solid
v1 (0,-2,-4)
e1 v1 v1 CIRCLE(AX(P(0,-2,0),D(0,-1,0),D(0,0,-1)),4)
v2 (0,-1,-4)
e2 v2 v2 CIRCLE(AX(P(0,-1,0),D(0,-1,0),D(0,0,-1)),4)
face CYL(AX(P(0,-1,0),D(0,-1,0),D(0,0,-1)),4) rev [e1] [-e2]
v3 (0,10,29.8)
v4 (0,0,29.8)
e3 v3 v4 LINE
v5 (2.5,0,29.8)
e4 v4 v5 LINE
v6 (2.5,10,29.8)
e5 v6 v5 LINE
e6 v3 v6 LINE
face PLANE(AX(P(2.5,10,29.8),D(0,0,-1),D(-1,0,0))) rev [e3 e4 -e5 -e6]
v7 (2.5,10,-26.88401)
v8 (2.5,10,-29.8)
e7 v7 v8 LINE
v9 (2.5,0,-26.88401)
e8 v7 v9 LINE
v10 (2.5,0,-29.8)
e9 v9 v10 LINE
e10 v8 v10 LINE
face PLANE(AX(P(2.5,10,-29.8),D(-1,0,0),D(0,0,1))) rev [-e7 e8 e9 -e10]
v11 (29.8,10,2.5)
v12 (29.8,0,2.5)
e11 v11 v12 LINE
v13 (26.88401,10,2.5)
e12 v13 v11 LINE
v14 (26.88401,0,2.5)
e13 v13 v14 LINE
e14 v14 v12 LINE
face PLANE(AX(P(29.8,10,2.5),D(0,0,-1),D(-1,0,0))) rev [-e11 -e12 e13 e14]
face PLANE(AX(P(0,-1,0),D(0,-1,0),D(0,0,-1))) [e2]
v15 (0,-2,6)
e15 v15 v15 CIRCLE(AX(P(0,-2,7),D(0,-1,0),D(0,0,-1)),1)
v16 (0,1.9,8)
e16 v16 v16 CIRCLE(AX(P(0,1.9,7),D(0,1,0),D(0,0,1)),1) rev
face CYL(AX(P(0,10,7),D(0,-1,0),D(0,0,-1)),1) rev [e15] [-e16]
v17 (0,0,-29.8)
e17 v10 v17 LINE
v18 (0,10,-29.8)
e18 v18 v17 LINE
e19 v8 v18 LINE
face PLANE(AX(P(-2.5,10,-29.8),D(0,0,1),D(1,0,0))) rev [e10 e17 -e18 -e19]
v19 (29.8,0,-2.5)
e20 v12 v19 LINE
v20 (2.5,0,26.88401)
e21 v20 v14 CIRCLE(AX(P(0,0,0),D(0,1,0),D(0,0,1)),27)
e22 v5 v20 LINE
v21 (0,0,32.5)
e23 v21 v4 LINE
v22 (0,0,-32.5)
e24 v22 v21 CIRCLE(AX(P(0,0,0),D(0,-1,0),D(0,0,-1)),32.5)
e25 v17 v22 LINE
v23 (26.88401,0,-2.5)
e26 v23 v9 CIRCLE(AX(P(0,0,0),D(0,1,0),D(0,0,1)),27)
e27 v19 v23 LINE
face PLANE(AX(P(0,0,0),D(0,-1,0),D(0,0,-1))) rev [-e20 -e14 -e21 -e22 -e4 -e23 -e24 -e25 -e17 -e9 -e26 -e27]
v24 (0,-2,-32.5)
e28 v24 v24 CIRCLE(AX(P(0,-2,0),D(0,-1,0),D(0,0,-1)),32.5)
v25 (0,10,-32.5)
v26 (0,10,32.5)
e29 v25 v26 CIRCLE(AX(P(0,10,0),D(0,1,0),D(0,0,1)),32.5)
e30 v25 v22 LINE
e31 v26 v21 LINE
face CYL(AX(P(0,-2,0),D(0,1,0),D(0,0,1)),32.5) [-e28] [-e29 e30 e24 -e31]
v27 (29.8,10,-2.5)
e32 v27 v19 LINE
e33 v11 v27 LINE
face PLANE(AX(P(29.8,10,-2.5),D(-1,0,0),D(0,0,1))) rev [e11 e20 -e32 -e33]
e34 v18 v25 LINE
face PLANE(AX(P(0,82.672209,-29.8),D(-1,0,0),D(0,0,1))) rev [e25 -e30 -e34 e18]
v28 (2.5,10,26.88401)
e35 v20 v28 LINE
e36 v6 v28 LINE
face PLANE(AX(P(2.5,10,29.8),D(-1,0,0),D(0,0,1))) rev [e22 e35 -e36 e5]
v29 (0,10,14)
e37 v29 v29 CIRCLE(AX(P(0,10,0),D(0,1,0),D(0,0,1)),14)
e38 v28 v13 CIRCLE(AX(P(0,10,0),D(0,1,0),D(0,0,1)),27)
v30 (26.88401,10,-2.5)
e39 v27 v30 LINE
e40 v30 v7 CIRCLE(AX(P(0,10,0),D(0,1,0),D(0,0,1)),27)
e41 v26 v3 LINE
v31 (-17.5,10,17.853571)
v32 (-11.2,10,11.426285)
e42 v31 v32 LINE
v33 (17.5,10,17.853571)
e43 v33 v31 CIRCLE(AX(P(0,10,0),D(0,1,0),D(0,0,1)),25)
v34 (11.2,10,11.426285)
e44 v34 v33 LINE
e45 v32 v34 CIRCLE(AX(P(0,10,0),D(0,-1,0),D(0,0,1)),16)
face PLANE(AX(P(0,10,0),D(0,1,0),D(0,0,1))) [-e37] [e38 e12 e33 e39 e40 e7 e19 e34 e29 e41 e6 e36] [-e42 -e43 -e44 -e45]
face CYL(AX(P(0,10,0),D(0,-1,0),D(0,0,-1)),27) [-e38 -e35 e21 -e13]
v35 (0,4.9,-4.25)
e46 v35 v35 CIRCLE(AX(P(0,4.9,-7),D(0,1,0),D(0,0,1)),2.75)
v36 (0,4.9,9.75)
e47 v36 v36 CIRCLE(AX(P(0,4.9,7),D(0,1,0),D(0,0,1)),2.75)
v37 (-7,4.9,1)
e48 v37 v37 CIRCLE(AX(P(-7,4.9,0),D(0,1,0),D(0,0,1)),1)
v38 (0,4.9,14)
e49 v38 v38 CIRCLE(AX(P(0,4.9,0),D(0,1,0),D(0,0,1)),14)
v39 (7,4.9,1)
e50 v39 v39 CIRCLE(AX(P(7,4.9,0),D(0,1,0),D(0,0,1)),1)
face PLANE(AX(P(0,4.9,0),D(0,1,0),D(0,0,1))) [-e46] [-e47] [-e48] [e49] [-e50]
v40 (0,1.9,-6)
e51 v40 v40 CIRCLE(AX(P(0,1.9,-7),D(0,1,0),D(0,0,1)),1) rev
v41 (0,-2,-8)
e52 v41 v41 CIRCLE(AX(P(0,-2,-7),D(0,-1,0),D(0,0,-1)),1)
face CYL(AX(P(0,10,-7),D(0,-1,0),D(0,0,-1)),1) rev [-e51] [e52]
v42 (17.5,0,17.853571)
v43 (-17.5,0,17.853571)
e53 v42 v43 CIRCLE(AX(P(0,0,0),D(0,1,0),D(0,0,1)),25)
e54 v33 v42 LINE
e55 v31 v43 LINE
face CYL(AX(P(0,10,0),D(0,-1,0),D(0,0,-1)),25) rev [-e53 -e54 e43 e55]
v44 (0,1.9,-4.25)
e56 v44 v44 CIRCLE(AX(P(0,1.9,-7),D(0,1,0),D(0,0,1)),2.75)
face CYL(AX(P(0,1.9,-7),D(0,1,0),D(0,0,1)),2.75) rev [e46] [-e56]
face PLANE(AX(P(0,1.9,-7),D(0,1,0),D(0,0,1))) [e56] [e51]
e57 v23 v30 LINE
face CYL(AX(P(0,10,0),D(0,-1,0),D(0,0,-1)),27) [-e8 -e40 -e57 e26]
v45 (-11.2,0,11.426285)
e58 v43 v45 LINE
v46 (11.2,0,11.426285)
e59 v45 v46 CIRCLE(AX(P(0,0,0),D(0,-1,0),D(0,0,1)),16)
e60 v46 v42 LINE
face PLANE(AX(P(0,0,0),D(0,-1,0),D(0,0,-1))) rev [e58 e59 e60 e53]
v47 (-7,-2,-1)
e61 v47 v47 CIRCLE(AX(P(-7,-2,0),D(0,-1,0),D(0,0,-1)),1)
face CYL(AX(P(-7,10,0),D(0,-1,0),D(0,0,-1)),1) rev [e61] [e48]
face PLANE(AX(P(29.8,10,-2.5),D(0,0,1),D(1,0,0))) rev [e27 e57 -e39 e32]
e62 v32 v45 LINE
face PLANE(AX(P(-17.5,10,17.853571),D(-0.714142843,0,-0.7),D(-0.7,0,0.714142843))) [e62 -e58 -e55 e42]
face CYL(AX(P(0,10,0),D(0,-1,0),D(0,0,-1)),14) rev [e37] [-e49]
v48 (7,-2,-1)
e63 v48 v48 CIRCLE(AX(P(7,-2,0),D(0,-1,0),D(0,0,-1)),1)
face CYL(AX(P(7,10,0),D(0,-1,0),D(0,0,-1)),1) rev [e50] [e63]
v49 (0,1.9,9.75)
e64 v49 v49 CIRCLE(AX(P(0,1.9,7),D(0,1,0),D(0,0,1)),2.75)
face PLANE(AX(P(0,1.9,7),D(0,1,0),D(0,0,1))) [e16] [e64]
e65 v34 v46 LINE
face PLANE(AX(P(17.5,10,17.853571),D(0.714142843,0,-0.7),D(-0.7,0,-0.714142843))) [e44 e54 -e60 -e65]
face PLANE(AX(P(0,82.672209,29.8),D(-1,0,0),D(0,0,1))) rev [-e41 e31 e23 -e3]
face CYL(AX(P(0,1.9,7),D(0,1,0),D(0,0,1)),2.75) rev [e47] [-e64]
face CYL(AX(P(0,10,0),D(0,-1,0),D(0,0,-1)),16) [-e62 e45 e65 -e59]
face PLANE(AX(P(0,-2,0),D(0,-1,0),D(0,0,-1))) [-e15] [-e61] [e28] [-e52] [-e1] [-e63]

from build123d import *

# Parameters (mm, degrees)
SKETCH1_R               = 27
SKETCH1_R_2             = 14
BOSS_EXTRUDE1_DEPTH     = 10
SKETCH2_R               = 32.5
BOSS_EXTRUDE2_DEPTH     = 2
SKETCH3_W               = 5
SKETCH3_H               = 4.39677325
SKETCH3_W_2             = 4.39677325
SKETCH3_H_2             = 5
BOSS_EXTRUDE3_DEPTH     = 10
BOSS_EXTRUDE4_DEPTH     = 10
BOSS_EXTRUDE5_START     = -4.9
SKETCH6_R               = 14
BOSS_EXTRUDE5_DEPTH     = 4.9
CUT_EXTRUDE1_DEPTH      = 48.502631506
CUT_EXTRUDE1_DEPTH_BACK = 48.502631506
SKETCH4_R               = 1
SKETCH10_R              = 2.75
CUT_EXTRUDE4_DEPTH      = 3
SKETCH11_R              = 4
CUT_EXTRUDE5_DEPTH      = 1


with BuildPart() as part:
    # Sketch1 → Boss-Extrude1 (new body)
    with BuildSketch(Plane(origin=(0, 0, 0), x_dir=(1, 0, 0), z_dir=(0, 1, 0))):
        with Locations(Location((0, 0, 0), (0, 0, 270))):
            Circle(SKETCH1_R)
        with Locations(Location((0, 0, 0), (0, 0, 270))):
            Circle(SKETCH1_R_2, mode=Mode.SUBTRACT)
        with BuildLine():
            Line((-17.5, -17.853571071), (-11.2, -11.426285486))
            ThreePointArc((-11.2, -11.426285486), (0, 16), (11.2, -11.426285486))
            Line((11.2, -11.426285486), (17.5, -17.853571071))
            ThreePointArc((17.5, -17.853571071), (0, 25), (-17.5, -17.853571071))
        make_face(mode=Mode.SUBTRACT)
    extrude(amount=BOSS_EXTRUDE1_DEPTH)

    # Sketch2 → Boss-Extrude2 (add)
    with BuildSketch(Plane.XZ):
        with Locations(Location((0, 0, 0), (0, 0, 270))):
            Circle(SKETCH2_R)
    extrude(amount=BOSS_EXTRUDE2_DEPTH)

    # Sketch3 → Boss-Extrude3 (add)
    with BuildSketch(Plane(origin=(0, 0, 0), x_dir=(1, 0, 0), z_dir=(0, 1, 0))):
        with Locations((0, 27.601613375)):
            Rectangle(SKETCH3_W, SKETCH3_H)
        with Locations((27.601613375, 0)):
            Rectangle(SKETCH3_W_2, SKETCH3_H_2)
        with Locations((0, -27.601613375)):
            Rectangle(SKETCH3_W, SKETCH3_H)
        with Locations((-27.601613375, 0)):
            Rectangle(SKETCH3_W_2, SKETCH3_H_2)
    extrude(amount=BOSS_EXTRUDE3_DEPTH)

    # Sketch5 → Boss-Extrude4 (add)
    with BuildSketch(Plane(origin=(0, 0, 0), x_dir=(1, 0, 0), z_dir=(0, 1, 0))):
        with BuildLine():
            Line((0, 29.8), (0, 32.5))
            ThreePointArc((0, 32.5), (-32.5, 0), (0, -32.5))
            Line((0, -32.5), (0, -29.8))
            Line((0, -29.8), (-2.5, -29.8))
            Line((-2.5, -29.8), (-2.5, -26.884010118))
            ThreePointArc((-2.5, -26.884010118), (-19.091883092, -19.091883092), (-26.884010118, -2.5))
            Line((-26.884010118, -2.5), (-29.8, -2.5))
            Line((-29.8, -2.5), (-29.8, 2.5))
            Line((-29.8, 2.5), (-26.884010118, 2.5))
            ThreePointArc((-26.884010118, 2.5), (-19.091883092, 19.091883092), (-2.5, 26.884010118))
            Line((-2.5, 26.884010118), (-2.5, 29.8))
            Line((-2.5, 29.8), (0, 29.8))
        make_face()
    extrude(amount=BOSS_EXTRUDE4_DEPTH)

    # Sketch6 → Boss-Extrude5 (add)
    with BuildSketch(Plane(origin=(0, 4.9, 0), x_dir=(1, 0, 0), z_dir=(0, 1, 0)).offset(BOSS_EXTRUDE5_START)):
        with Locations(Location((0, 0, 0), (0, 0, 270))):
            Circle(SKETCH6_R)
    extrude(amount=BOSS_EXTRUDE5_DEPTH)

    # Sketch4 → Cut-Extrude1 (cut, two sides: drawn at the far end of the back side and taken through both)
    with BuildSketch(Plane.XZ.offset(2).offset(-CUT_EXTRUDE1_DEPTH_BACK)):
        with Locations(Location((0, -7, 0), (0, 0, 270))):
            Circle(SKETCH4_R)
        with Locations(Location((-7, 0, 0), (0, 0, 270))):
            Circle(SKETCH4_R)
        with Locations(Location((0, 7, 0), (0, 0, 270))):
            Circle(SKETCH4_R)
        with Locations(Location((7, 0, 0), (0, 0, 270))):
            Circle(SKETCH4_R)
    extrude(amount=CUT_EXTRUDE1_DEPTH + CUT_EXTRUDE1_DEPTH_BACK, mode=Mode.SUBTRACT)

    # Sketch10 → Cut-Extrude4 (cut)
    with BuildSketch(Plane(origin=(0, 4.9, 0), x_dir=(1, 0, 0), z_dir=(0, 1, 0))):
        with Locations(Location((0, 7, 0), (0, 0, 270))):
            Circle(SKETCH10_R)
        with Locations(Location((0, -7, 0), (0, 0, 270))):
            Circle(SKETCH10_R)
    extrude(amount=-CUT_EXTRUDE4_DEPTH, mode=Mode.SUBTRACT)

    # Sketch11 → Cut-Extrude5 (cut)
    with BuildSketch(Plane.XZ.offset(2)):
        with Locations(Location((0, 0, 0), (0, 0, 270))):
            Circle(SKETCH11_R)
    extrude(amount=-CUT_EXTRUDE5_DEPTH, mode=Mode.SUBTRACT)


solid = part.part
